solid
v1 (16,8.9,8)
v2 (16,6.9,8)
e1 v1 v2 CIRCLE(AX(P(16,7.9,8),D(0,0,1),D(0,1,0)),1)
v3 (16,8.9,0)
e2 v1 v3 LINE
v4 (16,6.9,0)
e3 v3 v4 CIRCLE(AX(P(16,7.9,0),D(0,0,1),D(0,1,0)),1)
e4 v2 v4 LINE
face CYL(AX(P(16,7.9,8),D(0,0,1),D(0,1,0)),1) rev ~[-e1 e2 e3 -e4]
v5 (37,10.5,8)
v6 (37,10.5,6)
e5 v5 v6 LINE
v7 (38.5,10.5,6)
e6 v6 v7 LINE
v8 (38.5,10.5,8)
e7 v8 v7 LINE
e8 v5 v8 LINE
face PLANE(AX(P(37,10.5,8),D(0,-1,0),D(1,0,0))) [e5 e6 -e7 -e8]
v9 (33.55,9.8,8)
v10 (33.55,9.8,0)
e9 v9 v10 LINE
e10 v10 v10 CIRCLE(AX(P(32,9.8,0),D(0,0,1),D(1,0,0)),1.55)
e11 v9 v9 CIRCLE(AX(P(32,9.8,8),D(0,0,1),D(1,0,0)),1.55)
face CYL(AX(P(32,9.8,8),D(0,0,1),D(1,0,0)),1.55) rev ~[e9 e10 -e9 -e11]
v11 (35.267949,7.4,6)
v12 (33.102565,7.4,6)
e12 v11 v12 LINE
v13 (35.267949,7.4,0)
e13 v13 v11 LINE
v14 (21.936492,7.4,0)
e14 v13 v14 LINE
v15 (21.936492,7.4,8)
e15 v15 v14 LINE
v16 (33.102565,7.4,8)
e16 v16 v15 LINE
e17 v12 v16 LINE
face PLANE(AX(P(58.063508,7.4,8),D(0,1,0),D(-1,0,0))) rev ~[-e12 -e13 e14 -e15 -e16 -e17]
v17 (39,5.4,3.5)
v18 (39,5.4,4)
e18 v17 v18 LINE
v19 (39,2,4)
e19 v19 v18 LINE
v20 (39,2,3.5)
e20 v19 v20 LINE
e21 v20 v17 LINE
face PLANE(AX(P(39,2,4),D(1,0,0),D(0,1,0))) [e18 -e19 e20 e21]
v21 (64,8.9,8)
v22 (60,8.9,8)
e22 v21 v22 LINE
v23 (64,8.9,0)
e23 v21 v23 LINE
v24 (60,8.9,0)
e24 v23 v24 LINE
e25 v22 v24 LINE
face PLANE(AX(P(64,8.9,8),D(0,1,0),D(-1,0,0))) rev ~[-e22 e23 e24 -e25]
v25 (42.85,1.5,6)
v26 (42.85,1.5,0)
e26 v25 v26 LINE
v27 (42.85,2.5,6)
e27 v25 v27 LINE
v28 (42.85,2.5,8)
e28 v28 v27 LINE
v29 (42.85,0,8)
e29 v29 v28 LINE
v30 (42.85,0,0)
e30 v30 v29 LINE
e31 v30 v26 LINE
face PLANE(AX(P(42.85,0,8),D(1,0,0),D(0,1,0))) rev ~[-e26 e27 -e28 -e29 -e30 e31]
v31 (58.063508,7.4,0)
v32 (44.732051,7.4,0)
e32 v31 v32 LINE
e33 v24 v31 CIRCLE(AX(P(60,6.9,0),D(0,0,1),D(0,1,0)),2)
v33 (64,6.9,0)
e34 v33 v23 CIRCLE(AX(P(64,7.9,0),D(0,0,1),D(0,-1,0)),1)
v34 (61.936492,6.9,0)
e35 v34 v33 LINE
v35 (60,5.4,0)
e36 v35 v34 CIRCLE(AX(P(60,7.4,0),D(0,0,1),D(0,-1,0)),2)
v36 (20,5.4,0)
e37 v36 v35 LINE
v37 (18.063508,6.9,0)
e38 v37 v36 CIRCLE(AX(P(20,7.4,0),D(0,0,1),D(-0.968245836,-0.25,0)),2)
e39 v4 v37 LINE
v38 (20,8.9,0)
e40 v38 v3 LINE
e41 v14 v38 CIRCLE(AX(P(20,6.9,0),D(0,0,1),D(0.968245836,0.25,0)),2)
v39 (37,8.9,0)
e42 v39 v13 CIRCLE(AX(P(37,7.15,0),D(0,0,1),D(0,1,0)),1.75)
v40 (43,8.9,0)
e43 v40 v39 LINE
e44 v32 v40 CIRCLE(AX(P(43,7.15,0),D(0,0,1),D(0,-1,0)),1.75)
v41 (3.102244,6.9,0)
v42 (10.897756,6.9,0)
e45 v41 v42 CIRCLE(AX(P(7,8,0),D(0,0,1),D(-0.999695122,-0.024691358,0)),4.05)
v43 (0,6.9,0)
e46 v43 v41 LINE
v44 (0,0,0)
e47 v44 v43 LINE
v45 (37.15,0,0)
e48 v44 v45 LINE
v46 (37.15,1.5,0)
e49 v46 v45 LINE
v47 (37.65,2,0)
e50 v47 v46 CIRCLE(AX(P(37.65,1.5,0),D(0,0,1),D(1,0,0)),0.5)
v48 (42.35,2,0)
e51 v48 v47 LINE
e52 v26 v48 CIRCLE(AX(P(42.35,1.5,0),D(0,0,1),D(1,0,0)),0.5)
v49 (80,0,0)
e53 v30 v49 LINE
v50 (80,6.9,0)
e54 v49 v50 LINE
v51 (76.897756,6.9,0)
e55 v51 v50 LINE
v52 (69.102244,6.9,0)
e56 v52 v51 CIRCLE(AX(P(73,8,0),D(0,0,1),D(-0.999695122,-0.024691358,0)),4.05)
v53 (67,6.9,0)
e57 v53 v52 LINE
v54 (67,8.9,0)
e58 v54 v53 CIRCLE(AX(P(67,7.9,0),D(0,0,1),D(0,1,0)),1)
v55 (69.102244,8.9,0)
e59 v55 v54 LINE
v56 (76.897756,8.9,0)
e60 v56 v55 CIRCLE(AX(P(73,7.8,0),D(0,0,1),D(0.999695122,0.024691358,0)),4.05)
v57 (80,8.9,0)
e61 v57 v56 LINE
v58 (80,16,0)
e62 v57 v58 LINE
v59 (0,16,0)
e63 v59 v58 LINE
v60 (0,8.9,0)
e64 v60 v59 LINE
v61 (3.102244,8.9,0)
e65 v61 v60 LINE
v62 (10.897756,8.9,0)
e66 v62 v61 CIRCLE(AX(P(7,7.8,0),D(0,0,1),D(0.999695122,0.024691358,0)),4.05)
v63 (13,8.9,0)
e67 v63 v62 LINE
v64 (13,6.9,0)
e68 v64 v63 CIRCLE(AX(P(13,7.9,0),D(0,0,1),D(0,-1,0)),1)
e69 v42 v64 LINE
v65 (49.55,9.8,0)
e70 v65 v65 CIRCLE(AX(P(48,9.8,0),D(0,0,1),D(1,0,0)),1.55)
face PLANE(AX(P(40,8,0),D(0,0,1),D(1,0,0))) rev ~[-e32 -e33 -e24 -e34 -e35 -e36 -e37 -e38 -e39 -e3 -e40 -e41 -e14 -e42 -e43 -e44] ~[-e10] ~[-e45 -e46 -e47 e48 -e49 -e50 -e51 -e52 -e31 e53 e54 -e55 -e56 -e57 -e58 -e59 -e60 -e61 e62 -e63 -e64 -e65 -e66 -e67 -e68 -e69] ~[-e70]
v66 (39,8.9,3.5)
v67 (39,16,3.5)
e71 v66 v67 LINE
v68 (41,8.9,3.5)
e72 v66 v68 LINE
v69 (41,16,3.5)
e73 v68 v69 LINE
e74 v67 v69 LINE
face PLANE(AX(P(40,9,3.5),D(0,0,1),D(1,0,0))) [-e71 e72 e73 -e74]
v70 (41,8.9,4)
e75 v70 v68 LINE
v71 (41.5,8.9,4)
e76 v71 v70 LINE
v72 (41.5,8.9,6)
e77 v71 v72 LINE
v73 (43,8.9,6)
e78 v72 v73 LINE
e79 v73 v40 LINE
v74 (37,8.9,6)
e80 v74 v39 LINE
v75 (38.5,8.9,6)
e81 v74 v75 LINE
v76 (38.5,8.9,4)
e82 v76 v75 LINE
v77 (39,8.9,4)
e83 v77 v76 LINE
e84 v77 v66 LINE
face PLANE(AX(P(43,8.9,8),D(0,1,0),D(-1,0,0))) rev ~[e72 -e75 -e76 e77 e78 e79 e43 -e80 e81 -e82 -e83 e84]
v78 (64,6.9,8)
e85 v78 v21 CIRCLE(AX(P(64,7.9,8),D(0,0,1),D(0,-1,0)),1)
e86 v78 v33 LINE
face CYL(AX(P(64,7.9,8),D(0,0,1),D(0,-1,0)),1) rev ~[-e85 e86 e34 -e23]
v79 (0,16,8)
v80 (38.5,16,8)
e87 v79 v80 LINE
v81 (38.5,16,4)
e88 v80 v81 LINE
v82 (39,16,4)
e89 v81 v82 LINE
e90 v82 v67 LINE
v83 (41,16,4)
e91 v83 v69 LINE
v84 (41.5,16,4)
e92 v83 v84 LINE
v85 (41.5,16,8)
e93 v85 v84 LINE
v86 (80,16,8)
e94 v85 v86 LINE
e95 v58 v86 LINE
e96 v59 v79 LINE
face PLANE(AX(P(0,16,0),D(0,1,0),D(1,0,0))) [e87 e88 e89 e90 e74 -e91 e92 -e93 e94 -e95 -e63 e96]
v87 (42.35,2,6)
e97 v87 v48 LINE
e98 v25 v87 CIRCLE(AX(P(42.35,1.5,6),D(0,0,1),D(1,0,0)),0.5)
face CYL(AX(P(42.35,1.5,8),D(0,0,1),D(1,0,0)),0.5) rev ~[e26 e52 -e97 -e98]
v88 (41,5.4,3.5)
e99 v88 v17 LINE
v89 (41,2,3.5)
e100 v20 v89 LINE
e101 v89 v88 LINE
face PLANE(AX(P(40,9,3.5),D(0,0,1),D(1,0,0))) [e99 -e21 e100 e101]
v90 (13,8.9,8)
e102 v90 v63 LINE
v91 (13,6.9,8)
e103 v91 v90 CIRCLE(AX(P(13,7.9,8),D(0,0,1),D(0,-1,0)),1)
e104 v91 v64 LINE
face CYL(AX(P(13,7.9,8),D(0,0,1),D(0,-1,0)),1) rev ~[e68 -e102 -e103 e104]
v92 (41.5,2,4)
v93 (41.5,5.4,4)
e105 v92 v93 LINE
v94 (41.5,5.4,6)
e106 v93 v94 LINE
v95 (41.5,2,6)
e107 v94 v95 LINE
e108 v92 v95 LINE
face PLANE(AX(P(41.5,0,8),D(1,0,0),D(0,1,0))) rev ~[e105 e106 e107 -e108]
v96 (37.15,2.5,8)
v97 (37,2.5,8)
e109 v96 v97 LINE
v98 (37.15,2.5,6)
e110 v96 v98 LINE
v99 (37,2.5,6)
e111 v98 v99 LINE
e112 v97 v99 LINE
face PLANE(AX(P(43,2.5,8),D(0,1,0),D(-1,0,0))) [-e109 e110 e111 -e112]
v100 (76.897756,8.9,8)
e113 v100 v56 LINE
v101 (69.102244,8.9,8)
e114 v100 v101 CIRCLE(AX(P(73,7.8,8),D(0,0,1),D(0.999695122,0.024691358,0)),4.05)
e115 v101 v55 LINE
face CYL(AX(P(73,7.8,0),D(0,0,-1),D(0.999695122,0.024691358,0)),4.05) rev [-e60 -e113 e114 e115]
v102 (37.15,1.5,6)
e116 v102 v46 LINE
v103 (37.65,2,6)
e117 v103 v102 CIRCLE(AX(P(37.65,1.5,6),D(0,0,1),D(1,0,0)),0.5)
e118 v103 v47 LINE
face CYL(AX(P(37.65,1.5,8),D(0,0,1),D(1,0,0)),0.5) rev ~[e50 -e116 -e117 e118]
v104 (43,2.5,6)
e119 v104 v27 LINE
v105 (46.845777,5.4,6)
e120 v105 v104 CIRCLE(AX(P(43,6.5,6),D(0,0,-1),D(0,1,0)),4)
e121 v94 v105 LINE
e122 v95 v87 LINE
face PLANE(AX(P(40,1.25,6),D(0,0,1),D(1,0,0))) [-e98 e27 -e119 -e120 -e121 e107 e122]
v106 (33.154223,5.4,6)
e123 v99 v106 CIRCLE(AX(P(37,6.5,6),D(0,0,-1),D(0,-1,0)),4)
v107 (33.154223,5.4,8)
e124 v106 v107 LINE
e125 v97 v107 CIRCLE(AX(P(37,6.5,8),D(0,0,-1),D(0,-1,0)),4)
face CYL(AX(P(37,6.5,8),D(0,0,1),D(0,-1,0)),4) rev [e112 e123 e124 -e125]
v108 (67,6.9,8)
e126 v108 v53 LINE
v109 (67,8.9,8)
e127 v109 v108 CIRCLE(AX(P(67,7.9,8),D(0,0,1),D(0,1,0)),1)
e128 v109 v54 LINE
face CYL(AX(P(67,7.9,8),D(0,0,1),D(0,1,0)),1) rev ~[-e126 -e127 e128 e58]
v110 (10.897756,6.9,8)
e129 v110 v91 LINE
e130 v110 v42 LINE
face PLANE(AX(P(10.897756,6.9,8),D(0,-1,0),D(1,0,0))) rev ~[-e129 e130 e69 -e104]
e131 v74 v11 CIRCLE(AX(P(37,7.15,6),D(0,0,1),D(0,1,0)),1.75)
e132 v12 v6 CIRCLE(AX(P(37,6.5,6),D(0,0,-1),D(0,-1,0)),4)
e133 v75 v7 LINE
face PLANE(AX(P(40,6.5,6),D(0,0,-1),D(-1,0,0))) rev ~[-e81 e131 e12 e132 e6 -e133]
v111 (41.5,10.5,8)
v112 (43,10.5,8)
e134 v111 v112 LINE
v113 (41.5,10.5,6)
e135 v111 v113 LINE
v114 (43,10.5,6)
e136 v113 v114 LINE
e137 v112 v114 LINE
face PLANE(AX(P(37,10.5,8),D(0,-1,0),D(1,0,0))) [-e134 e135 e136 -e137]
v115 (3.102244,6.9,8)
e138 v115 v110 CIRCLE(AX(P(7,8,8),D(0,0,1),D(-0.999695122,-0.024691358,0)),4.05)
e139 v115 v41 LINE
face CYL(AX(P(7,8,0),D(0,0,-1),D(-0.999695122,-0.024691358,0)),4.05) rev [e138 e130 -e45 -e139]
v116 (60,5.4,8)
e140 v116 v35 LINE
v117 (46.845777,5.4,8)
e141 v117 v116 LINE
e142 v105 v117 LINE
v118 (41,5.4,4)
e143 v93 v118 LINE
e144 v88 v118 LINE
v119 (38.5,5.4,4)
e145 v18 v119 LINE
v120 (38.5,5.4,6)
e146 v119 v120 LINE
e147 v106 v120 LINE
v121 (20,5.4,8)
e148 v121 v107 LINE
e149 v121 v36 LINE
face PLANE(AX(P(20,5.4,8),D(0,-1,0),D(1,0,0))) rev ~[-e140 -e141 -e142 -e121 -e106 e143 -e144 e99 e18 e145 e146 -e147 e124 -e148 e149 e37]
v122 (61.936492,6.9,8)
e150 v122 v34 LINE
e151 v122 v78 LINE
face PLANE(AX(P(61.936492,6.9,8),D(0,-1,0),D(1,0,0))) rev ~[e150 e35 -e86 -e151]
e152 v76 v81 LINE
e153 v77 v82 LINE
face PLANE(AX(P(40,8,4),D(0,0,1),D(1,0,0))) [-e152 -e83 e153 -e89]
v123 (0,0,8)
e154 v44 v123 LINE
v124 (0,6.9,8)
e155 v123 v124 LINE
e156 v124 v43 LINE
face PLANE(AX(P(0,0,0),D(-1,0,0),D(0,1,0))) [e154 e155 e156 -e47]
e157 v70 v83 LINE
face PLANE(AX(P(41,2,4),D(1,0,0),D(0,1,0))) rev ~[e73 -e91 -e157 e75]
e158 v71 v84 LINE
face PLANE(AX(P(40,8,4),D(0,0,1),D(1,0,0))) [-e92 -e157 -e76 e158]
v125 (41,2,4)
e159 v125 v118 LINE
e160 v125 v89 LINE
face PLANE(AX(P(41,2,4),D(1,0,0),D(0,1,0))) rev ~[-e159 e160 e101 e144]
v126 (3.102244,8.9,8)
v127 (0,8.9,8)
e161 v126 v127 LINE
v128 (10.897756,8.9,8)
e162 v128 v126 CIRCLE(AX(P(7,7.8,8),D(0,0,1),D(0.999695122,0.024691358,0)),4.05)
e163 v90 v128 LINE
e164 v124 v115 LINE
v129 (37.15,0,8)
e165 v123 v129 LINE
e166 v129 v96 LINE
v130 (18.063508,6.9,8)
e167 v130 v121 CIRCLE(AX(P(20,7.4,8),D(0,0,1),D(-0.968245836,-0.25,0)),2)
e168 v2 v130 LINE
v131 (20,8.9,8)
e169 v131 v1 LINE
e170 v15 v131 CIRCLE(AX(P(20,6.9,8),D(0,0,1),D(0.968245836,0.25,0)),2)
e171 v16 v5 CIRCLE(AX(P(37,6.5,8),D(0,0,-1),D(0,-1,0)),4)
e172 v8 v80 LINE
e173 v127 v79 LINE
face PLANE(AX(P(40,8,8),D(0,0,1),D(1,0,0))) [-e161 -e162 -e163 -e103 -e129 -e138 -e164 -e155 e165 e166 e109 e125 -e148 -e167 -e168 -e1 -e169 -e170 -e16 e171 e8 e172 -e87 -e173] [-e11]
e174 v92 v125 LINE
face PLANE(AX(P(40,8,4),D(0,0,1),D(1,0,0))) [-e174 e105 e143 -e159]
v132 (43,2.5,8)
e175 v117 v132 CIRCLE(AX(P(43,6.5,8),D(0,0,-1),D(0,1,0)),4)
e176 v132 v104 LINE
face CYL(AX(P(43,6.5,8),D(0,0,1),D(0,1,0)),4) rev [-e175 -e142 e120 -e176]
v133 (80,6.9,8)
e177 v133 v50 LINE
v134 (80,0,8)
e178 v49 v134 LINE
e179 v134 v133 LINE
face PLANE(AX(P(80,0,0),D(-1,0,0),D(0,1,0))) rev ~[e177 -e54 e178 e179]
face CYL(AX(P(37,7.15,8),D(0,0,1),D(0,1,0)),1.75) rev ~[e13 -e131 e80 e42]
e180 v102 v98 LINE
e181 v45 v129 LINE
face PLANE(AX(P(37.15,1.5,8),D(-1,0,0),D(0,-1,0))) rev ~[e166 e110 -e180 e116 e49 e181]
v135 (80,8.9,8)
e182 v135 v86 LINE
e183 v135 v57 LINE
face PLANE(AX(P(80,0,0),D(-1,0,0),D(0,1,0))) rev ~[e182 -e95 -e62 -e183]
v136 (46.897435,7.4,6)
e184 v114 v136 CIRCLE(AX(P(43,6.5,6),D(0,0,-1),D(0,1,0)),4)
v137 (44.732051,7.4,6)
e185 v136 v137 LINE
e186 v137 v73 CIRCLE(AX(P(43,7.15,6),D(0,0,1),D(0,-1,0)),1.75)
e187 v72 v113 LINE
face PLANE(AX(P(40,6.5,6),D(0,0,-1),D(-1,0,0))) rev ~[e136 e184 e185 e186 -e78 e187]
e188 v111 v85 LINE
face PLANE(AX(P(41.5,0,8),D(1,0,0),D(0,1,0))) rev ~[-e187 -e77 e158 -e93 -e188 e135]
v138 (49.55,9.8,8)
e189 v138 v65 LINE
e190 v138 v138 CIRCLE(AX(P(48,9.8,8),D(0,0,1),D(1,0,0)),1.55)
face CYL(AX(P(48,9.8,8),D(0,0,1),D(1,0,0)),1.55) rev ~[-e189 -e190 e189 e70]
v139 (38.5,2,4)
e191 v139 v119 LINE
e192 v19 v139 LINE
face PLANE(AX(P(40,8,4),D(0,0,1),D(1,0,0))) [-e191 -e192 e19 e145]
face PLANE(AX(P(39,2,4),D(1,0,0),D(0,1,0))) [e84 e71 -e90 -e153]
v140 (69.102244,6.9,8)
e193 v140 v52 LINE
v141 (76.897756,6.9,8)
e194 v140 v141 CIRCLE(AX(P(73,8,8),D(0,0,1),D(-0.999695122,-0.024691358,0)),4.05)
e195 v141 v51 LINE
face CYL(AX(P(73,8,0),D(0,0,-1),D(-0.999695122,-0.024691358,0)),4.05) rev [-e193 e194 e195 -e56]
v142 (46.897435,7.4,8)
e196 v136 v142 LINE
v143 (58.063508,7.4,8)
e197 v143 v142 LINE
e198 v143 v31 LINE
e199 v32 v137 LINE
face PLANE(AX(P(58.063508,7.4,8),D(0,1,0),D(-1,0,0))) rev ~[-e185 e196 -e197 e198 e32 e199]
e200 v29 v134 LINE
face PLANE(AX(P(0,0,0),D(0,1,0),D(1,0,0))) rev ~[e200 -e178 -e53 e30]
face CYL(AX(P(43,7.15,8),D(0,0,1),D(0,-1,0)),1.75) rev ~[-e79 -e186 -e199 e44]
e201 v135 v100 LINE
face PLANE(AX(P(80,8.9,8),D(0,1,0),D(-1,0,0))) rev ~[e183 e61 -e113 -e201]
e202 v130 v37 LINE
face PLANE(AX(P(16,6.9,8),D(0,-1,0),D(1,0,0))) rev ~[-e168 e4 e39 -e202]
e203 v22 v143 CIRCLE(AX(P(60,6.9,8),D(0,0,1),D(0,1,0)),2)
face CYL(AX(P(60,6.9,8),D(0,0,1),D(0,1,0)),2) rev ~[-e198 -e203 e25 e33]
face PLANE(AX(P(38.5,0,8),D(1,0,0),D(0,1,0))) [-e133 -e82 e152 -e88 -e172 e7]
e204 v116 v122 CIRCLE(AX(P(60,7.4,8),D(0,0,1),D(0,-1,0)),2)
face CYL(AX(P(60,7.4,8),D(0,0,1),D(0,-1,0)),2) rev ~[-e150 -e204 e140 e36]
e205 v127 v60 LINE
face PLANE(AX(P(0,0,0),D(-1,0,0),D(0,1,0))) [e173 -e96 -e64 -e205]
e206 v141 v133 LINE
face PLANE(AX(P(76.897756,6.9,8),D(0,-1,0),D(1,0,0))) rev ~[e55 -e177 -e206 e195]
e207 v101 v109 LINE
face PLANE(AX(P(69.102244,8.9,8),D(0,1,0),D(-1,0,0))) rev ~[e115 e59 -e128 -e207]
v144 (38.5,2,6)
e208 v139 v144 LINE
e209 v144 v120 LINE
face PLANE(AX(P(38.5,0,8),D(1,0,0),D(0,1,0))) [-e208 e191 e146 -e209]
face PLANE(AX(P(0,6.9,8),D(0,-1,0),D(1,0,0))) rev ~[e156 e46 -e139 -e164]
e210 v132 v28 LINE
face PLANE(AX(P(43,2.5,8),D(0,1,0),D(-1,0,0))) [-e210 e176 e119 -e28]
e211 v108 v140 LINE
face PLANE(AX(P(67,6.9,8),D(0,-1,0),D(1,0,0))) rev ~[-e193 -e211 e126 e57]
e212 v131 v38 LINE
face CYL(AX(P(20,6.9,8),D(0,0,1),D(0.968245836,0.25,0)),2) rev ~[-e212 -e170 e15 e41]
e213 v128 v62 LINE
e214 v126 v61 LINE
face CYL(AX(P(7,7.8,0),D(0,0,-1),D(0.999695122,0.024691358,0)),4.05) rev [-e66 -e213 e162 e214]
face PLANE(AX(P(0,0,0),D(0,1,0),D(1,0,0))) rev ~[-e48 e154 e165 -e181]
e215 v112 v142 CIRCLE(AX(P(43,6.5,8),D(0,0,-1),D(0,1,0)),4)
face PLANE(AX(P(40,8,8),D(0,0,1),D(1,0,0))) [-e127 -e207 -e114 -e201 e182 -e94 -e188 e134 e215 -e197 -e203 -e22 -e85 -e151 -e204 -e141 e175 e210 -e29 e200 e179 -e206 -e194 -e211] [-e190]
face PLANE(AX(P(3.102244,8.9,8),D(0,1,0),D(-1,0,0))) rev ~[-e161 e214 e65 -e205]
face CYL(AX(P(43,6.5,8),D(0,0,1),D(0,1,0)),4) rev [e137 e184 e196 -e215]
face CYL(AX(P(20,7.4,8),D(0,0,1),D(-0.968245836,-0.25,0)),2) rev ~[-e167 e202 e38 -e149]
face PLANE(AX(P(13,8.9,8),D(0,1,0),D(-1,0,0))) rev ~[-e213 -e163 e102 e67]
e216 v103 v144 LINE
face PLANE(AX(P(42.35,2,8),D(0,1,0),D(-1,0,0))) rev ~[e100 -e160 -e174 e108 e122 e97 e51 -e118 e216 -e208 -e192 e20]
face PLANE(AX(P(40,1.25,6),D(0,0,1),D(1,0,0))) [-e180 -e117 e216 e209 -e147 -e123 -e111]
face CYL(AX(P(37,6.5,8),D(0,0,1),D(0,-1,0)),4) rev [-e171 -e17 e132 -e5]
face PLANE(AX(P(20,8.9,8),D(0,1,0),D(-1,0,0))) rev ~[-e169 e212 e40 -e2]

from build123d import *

# Parameters (mm, degrees)
SKETCH_2_W           = 80
SKETCH_2_H           = 16
EXTRUDE_1_DEPTH      = 8
SKETCH_5_R           = 1.55
CUT_EXTRUDE_3_DEPTH  = 82.975606128
CUT_EXTRUDE_4_DEPTH  = 82.975606128
SKETCH_8_W           = 3
SKETCH_8_H           = 16
CUT_EXTRUDE_5_DEPTH  = 4
SKETCH_9_R           = 0.5
CUT_EXTRUDE_6_DEPTH  = 82.975606128
CUT_EXTRUDE_7_DEPTH  = 2
CUT_EXTRUDE_8_DEPTH  = 82.975606128
SKETCH_12_W          = 5.7
SKETCH_12_H          = 2.5
CUT_EXTRUDE_9_DEPTH  = 2
SKETCH_13_W          = 2
SKETCH_13_H          = 14
CUT_EXTRUDE_10_DEPTH = 0.5


with BuildPart() as part:
    # 草图2 → 凸台-拉伸1 (new body)
    with BuildSketch(Plane.XY):
        with Locations((40, 8)):
            Rectangle(SKETCH_2_W, SKETCH_2_H)
        with BuildLine():
            ThreePointArc((11.048765244, 7.9), (7, 11.85), (2.951234756, 7.9))
            ThreePointArc((2.951234756, 7.9), (7, 3.95), (11.048765244, 7.9))
        make_face(mode=Mode.SUBTRACT)
        with BuildLine():
            ThreePointArc((77.048765244, 7.9), (73, 11.85), (68.951234756, 7.9))
            ThreePointArc((68.951234756, 7.9), (73, 3.95), (77.048765244, 7.9))
        make_face(mode=Mode.SUBTRACT)
    extrude(amount=EXTRUDE_1_DEPTH)

    # 草图5 → 切除-拉伸3 (cut, through all)
    with BuildSketch(Plane.XY.offset(8)):
        with Locations((48, 9.8)):
            Circle(SKETCH_5_R)
        with Locations((32, 9.8)):
            Circle(SKETCH_5_R)
    extrude(amount=-CUT_EXTRUDE_3_DEPTH, mode=Mode.SUBTRACT)

    # 草图6 → 切除-拉伸4 (cut, through all)
    with BuildSketch(Plane.XY.offset(8)):
        with BuildLine():
            Line((3.102244235, 8.9), (0, 8.9))
            Line((0, 8.9), (0, 6.9))
            Line((0, 6.9), (3.102244235, 6.9))
            ThreePointArc((3.102244235, 6.9), (2.995402762, 7.395267856), (2.951234756, 7.9))
            ThreePointArc((2.951234756, 7.9), (2.995402762, 8.404732144), (3.102244235, 8.9))
        make_face()
        with BuildLine():
            ThreePointArc((60, 5.4), (61.224744871, 5.81886117), (61.936491673, 6.9))
            Line((61.936491673, 6.9), (64, 6.9))
            ThreePointArc((64, 6.9), (65, 7.9), (64, 8.9))
            Line((64, 8.9), (60, 8.9))
            ThreePointArc((60, 8.9), (58.775255129, 8.48113883), (58.063508327, 7.4))
            Line((58.063508327, 7.4), (21.936491673, 7.4))
            ThreePointArc((21.936491673, 7.4), (21.224744871, 8.48113883), (20, 8.9))
            Line((20, 8.9), (16, 8.9))
            ThreePointArc((16, 8.9), (15, 7.9), (16, 6.9))
            Line((16, 6.9), (18.063508327, 6.9))
            ThreePointArc((18.063508327, 6.9), (18.775255129, 5.81886117), (20, 5.4))
            Line((20, 5.4), (60, 5.4))
        make_face()
        with BuildLine():
            Line((76.897755765, 6.9), (80, 6.9))
            Line((80, 6.9), (80, 8.9))
            Line((80, 8.9), (76.897755765, 8.9))
            ThreePointArc((76.897755765, 8.9), (77.004597237, 8.404732144), (77.048765244, 7.9))
            ThreePointArc((77.048765244, 7.9), (77.004597237, 7.395267856), (76.897755765, 6.9))
        make_face()
        with BuildLine():
            Line((67, 6.9), (69.102244235, 6.9))
            ThreePointArc((69.102244235, 6.9), (68.995402763, 7.395267856), (68.951234756, 7.9))
            ThreePointArc((68.951234756, 7.9), (68.995402763, 8.404732144), (69.102244235, 8.9))
            Line((69.102244235, 8.9), (67, 8.9))
            ThreePointArc((67, 8.9), (66, 7.9), (67, 6.9))
        make_face()
        with BuildLine():
            Line((13, 8.9), (10.897755764, 8.9))
            ThreePointArc((10.897755764, 8.9), (11.004597237, 8.404732144), (11.048765244, 7.9))
            ThreePointArc((11.048765244, 7.9), (11.004597237, 7.395267856), (10.897755764, 6.9))
            Line((10.897755764, 6.9), (13, 6.9))
            ThreePointArc((13, 6.9), (14, 7.9), (13, 8.9))
        make_face()
    extrude(amount=-CUT_EXTRUDE_4_DEPTH, mode=Mode.SUBTRACT)

    # 草图8 → 切除-拉伸5 (cut)
    with BuildSketch(Plane.XY.offset(8)):
        with Locations((40, 8)):
            Rectangle(SKETCH_8_W, SKETCH_8_H)
    extrude(amount=-CUT_EXTRUDE_5_DEPTH, mode=Mode.SUBTRACT)

    # 草图9 → 切除-拉伸6 (cut, through all)
    with BuildSketch(Plane.XY.offset(8)):
        with Locations((37.65, 1.5)):
            Circle(SKETCH_9_R)
        with Locations((42.35, 1.5)):
            Circle(SKETCH_9_R)
        with BuildLine():
            Line((38.5, 2), (38.5, 0))
            Line((38.5, 0), (42.85, 0))
            Line((42.85, 0), (42.85, 1.5))
            ThreePointArc((42.85, 1.5), (41.996446609, 1.146446609), (42.35, 2))
            Line((42.35, 2), (38.5, 2))
        make_face()
        with BuildLine():
            Line((37.15, 1.5), (37.15, 0))
            Line((37.15, 0), (38.5, 0))
            Line((38.5, 0), (38.5, 2))
            Line((38.5, 2), (37.65, 2))
            ThreePointArc((37.65, 2), (38.003553391, 1.853553391), (38.15, 1.5))
            ThreePointArc((38.15, 1.5), (37.65, 1), (37.15, 1.5))
        make_face()
    extrude(amount=-CUT_EXTRUDE_6_DEPTH, mode=Mode.SUBTRACT)

    # 草图10 → 切除-拉伸7 (cut)
    with BuildSketch(Plane.XY.offset(8)):
        with BuildLine():
            Line((37, 10.5), (43, 10.5))
            ThreePointArc((43, 10.5), (47, 6.5), (43, 2.5))
            Line((43, 2.5), (37, 2.5))
            ThreePointArc((37, 2.5), (33, 6.5), (37, 10.5))
        make_face()
    extrude(amount=-CUT_EXTRUDE_7_DEPTH, mode=Mode.SUBTRACT)

    # 草图11 → 切除-拉伸8 (cut, through all)
    with BuildSketch(Plane.XY.offset(8)):
        with BuildLine():
            Line((37, 5.4), (43, 5.4))
            ThreePointArc((43, 5.4), (44.75, 7.15), (43, 8.9))
            Line((43, 8.9), (37, 8.9))
            ThreePointArc((37, 8.9), (35.25, 7.15), (37, 5.4))
        make_face()
    extrude(amount=-CUT_EXTRUDE_8_DEPTH, mode=Mode.SUBTRACT)

    # 草图12 → 切除-拉伸9 (cut)
    with BuildSketch(Plane.XY.offset(8)):
        with Locations((40, 1.25)):
            Rectangle(SKETCH_12_W, SKETCH_12_H)
    extrude(amount=-CUT_EXTRUDE_9_DEPTH, mode=Mode.SUBTRACT)

    # 草图13 → 切除-拉伸10 (cut)
    with BuildSketch(Plane.XY.offset(4)):
        with Locations((40, 9)):
            Rectangle(SKETCH_13_W, SKETCH_13_H)
    extrude(amount=-CUT_EXTRUDE_10_DEPTH, mode=Mode.SUBTRACT)


solid = part.part
